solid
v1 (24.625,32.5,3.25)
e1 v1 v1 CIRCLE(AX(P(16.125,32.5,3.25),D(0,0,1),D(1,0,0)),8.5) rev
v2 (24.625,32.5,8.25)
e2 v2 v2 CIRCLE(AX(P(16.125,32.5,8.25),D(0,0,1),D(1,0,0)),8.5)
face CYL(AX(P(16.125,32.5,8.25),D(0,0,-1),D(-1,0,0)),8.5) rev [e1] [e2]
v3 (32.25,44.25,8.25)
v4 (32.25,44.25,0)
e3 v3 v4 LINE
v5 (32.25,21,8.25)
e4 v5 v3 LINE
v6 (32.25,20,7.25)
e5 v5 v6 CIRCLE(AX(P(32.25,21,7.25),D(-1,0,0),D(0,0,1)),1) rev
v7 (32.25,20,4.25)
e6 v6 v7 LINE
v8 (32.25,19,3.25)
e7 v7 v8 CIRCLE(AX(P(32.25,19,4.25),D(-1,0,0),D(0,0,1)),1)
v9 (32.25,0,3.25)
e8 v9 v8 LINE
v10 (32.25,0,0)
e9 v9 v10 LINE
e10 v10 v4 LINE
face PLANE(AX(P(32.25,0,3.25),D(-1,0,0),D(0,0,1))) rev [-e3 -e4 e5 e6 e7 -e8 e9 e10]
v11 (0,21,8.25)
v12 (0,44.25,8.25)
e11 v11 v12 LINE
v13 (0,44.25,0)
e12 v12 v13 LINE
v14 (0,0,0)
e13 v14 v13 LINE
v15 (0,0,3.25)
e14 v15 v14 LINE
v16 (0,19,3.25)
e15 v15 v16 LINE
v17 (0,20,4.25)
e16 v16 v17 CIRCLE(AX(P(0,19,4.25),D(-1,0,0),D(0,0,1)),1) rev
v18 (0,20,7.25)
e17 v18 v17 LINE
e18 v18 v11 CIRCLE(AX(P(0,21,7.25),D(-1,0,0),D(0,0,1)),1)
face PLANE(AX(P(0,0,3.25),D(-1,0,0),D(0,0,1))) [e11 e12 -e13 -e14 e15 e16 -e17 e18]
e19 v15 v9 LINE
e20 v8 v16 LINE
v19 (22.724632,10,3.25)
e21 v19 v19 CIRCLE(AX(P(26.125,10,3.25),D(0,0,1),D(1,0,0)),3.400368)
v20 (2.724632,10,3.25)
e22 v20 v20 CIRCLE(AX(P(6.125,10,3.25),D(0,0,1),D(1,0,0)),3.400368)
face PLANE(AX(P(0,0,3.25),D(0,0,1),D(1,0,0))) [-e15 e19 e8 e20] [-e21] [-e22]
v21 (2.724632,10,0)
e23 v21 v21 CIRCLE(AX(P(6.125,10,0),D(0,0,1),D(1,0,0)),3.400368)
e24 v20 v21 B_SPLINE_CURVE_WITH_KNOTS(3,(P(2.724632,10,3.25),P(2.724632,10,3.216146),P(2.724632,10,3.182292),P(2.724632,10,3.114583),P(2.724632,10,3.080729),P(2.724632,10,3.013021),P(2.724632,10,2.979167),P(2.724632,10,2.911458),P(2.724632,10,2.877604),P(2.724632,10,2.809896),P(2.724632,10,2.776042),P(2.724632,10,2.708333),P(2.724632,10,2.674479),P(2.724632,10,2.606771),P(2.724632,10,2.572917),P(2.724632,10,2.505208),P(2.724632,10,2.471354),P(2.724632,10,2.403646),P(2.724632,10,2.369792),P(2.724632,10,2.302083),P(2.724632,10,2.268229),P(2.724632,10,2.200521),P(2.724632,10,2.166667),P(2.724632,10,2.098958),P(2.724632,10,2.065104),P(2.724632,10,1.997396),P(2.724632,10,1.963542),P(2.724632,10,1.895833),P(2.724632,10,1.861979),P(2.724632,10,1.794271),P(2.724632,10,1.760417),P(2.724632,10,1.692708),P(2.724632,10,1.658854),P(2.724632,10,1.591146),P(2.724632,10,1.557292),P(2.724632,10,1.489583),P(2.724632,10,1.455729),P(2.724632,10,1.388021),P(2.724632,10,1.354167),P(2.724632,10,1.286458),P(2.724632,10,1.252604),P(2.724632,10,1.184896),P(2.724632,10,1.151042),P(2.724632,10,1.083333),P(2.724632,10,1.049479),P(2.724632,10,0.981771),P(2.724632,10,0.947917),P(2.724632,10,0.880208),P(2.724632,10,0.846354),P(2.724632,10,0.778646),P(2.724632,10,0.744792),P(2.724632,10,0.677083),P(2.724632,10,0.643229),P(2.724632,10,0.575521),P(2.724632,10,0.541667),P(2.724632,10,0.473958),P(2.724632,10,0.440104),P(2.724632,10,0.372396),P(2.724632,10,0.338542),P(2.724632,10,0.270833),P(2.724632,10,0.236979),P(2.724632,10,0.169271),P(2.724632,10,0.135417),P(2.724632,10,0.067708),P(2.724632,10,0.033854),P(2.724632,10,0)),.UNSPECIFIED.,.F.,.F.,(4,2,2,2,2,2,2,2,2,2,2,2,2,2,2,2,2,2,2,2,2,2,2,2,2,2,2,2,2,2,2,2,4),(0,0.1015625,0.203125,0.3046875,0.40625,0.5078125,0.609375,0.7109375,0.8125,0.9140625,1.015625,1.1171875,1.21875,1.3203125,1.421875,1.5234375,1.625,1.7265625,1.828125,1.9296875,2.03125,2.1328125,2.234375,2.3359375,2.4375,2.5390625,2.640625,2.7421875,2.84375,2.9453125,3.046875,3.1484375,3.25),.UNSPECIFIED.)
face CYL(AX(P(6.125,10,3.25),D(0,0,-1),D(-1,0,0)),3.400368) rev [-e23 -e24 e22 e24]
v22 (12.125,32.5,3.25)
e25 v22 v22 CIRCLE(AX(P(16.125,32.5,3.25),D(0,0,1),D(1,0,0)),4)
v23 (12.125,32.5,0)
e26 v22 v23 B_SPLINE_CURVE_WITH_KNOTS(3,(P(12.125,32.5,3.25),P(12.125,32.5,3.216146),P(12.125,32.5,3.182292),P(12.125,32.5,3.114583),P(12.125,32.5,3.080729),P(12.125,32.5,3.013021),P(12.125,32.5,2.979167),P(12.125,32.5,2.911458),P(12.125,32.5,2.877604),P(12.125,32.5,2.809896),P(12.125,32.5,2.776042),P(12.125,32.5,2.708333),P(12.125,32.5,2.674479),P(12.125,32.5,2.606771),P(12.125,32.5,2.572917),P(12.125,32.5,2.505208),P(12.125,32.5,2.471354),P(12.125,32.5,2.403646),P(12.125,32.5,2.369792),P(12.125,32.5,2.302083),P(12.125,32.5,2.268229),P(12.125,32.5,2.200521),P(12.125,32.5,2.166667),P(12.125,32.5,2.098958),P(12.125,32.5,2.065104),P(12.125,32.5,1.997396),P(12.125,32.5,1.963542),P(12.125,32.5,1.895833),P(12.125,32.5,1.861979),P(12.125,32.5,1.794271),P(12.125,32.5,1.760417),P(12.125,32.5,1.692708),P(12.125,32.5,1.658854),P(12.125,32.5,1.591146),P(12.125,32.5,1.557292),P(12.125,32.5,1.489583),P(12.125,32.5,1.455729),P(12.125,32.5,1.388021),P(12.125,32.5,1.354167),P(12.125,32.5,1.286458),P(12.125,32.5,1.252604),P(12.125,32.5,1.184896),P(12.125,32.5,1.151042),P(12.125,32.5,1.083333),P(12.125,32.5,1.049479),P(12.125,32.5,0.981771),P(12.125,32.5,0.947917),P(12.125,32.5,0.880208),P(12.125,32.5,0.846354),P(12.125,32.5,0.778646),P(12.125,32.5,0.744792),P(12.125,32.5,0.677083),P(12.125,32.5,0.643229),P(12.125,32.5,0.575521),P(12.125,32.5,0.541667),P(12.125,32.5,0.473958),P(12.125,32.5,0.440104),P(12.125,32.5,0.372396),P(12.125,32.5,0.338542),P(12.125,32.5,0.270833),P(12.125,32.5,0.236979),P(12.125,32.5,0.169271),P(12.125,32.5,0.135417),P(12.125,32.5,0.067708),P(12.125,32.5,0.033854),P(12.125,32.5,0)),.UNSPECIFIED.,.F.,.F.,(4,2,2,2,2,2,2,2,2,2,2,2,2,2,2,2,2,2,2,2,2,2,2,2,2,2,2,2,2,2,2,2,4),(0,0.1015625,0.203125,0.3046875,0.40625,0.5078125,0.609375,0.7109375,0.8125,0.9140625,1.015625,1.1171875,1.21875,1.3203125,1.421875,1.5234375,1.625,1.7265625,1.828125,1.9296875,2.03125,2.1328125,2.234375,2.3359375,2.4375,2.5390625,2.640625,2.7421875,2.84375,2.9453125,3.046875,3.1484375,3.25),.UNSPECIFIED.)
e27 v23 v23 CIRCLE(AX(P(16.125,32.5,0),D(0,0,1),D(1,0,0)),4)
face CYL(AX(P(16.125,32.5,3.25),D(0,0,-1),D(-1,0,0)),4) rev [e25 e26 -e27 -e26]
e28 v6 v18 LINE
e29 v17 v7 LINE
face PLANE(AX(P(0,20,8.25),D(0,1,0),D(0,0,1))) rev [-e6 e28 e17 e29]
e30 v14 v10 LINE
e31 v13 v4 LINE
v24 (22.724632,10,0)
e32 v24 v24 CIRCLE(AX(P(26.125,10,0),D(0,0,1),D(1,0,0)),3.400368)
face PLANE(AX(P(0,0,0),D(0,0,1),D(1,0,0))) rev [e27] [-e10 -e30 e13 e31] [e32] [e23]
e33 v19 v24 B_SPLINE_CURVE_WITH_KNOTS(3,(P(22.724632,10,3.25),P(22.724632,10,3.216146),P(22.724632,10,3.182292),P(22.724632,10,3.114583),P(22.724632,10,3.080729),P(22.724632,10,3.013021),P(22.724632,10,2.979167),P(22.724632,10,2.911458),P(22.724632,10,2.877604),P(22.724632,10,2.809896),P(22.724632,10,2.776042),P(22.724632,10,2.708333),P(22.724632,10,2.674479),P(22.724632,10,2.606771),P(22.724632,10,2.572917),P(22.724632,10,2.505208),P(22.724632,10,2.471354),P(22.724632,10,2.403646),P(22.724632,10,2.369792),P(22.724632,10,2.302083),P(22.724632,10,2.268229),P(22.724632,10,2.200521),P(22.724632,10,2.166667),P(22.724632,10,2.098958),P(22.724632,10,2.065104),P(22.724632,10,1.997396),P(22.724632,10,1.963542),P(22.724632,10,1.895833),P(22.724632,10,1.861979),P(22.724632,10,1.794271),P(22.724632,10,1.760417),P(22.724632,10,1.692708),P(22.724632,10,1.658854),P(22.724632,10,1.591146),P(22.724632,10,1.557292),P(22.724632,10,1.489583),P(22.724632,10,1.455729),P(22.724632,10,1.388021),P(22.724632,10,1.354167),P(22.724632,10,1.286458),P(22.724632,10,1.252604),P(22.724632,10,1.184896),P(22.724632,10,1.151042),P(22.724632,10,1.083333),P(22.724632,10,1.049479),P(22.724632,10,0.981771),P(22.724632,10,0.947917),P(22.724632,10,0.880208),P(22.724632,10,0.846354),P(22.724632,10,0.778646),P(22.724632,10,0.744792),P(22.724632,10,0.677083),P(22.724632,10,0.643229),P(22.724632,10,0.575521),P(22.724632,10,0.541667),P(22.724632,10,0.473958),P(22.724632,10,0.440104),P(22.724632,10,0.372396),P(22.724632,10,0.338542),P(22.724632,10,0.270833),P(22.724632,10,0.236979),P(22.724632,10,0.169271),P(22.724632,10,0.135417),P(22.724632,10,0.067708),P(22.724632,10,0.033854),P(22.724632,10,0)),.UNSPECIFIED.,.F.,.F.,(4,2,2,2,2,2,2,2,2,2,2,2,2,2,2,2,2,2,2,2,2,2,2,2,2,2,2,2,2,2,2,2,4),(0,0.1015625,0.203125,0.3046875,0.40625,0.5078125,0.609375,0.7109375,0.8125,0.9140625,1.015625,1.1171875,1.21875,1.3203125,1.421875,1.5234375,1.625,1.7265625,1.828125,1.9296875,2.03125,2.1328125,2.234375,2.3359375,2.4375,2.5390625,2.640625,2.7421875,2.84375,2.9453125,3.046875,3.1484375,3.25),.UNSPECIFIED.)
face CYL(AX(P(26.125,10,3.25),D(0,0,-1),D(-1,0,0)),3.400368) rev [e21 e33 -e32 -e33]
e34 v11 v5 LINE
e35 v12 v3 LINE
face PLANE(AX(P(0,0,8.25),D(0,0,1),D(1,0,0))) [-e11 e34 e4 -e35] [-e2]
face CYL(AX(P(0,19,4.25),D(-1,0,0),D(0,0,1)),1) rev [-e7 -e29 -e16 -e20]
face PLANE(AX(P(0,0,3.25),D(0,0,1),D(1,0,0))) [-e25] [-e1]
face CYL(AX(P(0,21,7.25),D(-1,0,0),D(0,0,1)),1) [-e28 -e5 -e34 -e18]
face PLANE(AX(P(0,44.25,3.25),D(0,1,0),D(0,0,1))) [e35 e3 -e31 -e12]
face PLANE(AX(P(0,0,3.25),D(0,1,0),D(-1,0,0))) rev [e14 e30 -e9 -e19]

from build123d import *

# Parameters (mm, degrees)
SKETCH1_W           = 32.25
SKETCH1_H           = 44.25
SKETCH1_R           = 3.400367627
SKETCH1_R_2         = 4
BOSS_EXTRUDE1_DEPTH = 3.25
SKETCH1_3_W         = 32.25
SKETCH1_3_H         = 24.25
SKETCH1_3_R         = 8.5
BOSS_EXTRUDE2_DEPTH = 8.25
FILLET1_R           = 1


with BuildPart() as part:
    # Sketch1 → Boss-Extrude1 (new body)
    with BuildSketch(Plane.XY):
        with Locations((16.125, 22.125)):
            Rectangle(SKETCH1_W, SKETCH1_H)
        with Locations((6.125, 10)):
            Circle(SKETCH1_R, mode=Mode.SUBTRACT)
        with Locations((26.125, 10)):
            Circle(SKETCH1_R, mode=Mode.SUBTRACT)
        with Locations((16.125, 32.5)):
            Circle(SKETCH1_R_2, mode=Mode.SUBTRACT)
    extrude(amount=BOSS_EXTRUDE1_DEPTH)

    # Sketch1<3> → Boss-Extrude2 (add)
    with BuildSketch(Plane.XY):
        with Locations((16.125, 32.125)):
            Rectangle(SKETCH1_3_W, SKETCH1_3_H)
        with Locations((16.125, 32.5)):
            Circle(SKETCH1_3_R, mode=Mode.SUBTRACT)
    extrude(amount=BOSS_EXTRUDE2_DEPTH)

    # Fillet1
    fillet1_edges = [part.edges().sort_by_distance(p)[0] for p in [
        (16.125, 20, 8.25),
        (16.125, 20, 3.25),
    ]]
    fillet(fillet1_edges, radius=FILLET1_R)


solid = part.part
